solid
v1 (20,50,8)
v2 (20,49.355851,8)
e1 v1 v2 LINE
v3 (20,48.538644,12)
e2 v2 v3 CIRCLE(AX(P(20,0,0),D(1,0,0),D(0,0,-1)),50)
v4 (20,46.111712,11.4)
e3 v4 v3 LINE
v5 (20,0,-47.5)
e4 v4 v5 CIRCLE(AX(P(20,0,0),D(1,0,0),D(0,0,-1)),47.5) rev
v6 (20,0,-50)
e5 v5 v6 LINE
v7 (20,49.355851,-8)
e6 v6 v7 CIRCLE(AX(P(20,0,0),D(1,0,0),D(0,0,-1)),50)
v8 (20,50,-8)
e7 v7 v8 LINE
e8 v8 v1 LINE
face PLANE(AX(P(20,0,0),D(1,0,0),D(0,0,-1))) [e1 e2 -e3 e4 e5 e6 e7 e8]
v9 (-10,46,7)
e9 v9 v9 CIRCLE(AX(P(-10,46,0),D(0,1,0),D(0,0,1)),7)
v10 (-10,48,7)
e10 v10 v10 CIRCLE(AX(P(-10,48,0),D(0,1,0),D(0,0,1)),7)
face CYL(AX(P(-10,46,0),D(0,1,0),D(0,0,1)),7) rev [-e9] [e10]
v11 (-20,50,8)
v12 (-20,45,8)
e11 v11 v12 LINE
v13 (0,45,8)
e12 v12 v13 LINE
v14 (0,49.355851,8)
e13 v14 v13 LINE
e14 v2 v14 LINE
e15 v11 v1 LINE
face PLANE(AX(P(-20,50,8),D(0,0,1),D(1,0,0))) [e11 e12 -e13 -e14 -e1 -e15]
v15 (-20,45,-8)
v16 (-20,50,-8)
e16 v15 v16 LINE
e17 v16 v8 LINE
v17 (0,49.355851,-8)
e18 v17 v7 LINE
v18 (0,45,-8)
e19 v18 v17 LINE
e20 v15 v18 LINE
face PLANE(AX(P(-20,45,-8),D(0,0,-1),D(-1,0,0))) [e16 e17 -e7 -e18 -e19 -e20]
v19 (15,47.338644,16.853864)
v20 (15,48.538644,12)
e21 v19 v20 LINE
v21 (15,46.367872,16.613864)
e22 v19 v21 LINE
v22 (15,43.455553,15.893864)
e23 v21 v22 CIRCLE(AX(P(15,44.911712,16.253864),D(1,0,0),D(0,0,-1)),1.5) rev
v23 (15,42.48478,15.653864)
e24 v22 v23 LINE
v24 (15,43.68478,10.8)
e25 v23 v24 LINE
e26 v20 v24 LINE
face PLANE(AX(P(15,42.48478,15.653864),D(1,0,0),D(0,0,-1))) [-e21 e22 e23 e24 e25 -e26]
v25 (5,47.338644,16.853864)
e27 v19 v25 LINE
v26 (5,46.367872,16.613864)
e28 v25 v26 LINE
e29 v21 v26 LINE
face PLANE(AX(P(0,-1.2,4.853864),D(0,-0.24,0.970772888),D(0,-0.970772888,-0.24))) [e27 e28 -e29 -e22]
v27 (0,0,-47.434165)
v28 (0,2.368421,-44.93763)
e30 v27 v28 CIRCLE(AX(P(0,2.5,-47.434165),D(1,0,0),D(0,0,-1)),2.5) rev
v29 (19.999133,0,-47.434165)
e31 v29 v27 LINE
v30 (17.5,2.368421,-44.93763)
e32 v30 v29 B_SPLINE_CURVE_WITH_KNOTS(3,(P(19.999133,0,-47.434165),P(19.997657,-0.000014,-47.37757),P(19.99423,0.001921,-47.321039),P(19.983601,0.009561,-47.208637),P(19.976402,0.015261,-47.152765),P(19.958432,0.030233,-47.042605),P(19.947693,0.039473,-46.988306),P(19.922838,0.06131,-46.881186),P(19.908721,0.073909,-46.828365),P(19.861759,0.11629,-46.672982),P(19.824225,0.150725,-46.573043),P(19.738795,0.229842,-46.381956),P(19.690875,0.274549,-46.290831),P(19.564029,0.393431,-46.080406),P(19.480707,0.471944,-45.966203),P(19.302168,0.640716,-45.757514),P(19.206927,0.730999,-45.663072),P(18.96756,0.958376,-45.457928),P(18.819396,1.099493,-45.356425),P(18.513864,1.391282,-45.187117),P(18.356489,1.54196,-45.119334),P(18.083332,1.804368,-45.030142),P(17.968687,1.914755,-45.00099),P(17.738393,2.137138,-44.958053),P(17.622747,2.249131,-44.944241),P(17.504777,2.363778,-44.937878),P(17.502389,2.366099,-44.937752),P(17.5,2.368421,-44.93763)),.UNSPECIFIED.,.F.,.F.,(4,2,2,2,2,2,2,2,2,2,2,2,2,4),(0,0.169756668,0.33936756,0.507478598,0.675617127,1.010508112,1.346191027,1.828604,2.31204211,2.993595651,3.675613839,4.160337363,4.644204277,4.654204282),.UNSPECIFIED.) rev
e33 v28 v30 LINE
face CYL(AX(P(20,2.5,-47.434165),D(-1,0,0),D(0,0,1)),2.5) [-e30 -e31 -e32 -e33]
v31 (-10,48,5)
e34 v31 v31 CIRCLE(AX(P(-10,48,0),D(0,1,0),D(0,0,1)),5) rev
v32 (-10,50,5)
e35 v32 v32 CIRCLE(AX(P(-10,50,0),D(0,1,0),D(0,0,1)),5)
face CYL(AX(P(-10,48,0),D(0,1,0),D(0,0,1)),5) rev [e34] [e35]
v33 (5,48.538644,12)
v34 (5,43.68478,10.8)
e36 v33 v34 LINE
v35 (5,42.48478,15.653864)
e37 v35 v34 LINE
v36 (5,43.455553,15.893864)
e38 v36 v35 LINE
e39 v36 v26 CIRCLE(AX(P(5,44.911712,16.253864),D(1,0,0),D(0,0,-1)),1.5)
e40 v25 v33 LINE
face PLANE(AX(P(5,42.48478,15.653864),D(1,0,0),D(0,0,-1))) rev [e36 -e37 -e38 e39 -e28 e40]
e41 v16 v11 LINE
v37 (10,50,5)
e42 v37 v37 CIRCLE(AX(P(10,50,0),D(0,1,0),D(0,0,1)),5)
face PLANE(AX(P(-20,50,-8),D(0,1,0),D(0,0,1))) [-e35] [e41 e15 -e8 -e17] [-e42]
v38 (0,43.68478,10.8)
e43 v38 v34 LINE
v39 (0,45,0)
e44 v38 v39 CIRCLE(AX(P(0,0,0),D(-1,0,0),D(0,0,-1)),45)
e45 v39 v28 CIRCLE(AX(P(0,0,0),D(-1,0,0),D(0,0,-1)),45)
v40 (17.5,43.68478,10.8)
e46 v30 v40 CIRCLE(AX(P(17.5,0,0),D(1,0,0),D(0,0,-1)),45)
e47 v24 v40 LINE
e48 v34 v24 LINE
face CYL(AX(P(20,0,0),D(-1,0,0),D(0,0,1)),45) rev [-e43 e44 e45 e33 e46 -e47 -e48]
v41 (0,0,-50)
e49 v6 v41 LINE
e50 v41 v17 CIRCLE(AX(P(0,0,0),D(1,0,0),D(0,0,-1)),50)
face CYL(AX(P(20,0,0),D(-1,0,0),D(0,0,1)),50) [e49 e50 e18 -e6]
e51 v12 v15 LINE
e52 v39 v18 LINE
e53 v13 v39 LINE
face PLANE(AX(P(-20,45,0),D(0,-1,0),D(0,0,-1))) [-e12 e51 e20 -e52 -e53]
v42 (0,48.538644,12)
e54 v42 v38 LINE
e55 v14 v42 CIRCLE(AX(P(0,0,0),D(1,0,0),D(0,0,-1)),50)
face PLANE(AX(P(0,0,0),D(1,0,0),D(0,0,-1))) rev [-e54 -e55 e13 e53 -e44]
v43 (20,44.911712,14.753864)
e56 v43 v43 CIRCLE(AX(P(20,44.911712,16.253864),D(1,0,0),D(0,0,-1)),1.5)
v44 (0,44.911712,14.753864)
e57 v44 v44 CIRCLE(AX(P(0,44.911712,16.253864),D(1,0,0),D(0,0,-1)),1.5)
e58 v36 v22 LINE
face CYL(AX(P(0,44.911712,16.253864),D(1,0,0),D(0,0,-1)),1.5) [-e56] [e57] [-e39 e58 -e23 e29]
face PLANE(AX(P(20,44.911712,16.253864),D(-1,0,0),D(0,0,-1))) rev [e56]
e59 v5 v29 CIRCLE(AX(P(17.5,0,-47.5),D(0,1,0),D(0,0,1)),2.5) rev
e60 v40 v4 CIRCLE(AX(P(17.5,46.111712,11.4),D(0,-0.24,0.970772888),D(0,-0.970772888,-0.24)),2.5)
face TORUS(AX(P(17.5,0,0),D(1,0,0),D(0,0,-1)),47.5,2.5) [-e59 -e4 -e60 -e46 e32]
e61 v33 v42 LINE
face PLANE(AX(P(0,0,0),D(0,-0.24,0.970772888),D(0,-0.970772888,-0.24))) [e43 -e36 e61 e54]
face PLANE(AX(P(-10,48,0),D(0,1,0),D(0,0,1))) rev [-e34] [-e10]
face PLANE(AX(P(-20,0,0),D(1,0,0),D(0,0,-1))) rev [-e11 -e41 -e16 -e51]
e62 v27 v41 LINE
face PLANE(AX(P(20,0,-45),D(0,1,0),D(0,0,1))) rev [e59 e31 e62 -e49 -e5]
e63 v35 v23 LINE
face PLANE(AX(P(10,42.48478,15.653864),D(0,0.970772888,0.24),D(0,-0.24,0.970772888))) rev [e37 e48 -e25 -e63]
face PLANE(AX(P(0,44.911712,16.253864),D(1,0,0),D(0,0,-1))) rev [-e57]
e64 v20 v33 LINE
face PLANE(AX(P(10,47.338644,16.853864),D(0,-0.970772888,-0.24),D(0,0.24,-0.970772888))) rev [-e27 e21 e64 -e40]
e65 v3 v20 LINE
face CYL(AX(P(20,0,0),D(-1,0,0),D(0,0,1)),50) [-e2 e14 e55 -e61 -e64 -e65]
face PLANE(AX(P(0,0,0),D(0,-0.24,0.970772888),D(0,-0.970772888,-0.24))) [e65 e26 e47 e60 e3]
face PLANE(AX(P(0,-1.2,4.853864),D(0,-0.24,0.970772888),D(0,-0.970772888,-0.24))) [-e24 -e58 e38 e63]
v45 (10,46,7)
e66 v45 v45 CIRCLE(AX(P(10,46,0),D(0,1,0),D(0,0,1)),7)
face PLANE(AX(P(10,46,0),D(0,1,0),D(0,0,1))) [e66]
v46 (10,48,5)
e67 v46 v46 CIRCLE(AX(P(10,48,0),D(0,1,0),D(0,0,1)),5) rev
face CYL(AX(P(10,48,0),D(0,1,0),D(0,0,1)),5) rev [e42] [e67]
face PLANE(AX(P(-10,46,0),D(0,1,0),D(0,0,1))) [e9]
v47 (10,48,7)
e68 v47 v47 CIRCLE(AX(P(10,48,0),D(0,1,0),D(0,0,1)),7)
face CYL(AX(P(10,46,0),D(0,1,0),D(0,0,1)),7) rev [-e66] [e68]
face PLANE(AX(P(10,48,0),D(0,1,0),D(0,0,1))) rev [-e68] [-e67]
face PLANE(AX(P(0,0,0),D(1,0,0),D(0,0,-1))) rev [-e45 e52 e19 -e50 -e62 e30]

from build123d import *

# Parameters (mm, degrees)
BOSS_EXTRUDE1_DEPTH      = 20
BOSS_EXTRUDE2_DEPTH      = 20
BOSS_EXTRUDE2_DEPTH_BACK = 20
SKETCH4_R                = 5
CUT_EXTRUDE1_DEPTH       = 2
SKETCH5_R                = 7
CUT_EXTRUDE2_DEPTH       = 2
SKETCH16_W               = 20
SKETCH16_H               = 5
SKETCH17_W               = 5
SKETCH17_H               = 5
BOSS_EXTRUDE10_DEPTH     = 5
SKETCH18_R               = 1.5
BOSS_EXTRUDE11_DEPTH     = 10
SKETCH19_R               = 5
CUT_EXTRUDE3_DEPTH       = 2
SKETCH20_R               = 7
CUT_EXTRUDE4_DEPTH       = 2
FILLET2_R                = 2.5


with BuildPart() as part:
    # Sketch2 → Boss-Extrude1 (new body)
    with BuildSketch(Plane(origin=(0, 0, 0), x_dir=(0, 0, -1), z_dir=(1, 0, 0))):
        with BuildLine():
            Line((-50, 0), (-45, 0))
            ThreePointArc((-45, 0), (0, 45), (45, 0))
            Line((45, 0), (50, 0))
            ThreePointArc((50, 0), (0, 50), (-50, 0))
        make_face()
    extrude(amount=BOSS_EXTRUDE1_DEPTH)

    # Sketch3 → Boss-Extrude2 (add, two sides: drawn at the far end of the back side and taken through both)
    with BuildSketch(Plane(origin=(0, 0, 0), x_dir=(0, 0, -1), z_dir=(1, 0, 0)).offset(-BOSS_EXTRUDE2_DEPTH_BACK)):
        Polygon((0, 45), (8, 45), (8, 50), (-8, 50), (-8, 45), align=None)
    extrude(amount=BOSS_EXTRUDE2_DEPTH + BOSS_EXTRUDE2_DEPTH_BACK)

    # Sketch4 → Cut-Extrude1 (cut)
    with BuildSketch(Plane(origin=(0, 50, 0), x_dir=(1, 0, 0), z_dir=(0, 1, 0))):
        with Locations((10, 0)):
            Circle(SKETCH4_R)
    extrude(amount=-CUT_EXTRUDE1_DEPTH, mode=Mode.SUBTRACT)

    # Sketch5 → Cut-Extrude2 (cut)
    with BuildSketch(Plane(origin=(0, 48, 0), x_dir=(1, 0, 0), z_dir=(0, 1, 0))):
        with Locations((10, 0)):
            Circle(SKETCH5_R)
    extrude(amount=-CUT_EXTRUDE2_DEPTH, mode=Mode.SUBTRACT)

    # Cut-Sweep1: sweep along a path in Sketch15
    with BuildLine(Plane.ZY) as cut_sweep1_path:
        ThreePointArc((50, 0), (39.37003937, 30.822070015), (12, 48.538644398))
    # Sketch16 → Cut-Sweep1 (sweep, cut)
    with BuildSketch(Plane.XZ):
        with Locations((10, 47.5)):
            Rectangle(SKETCH16_W, SKETCH16_H)
    sweep(path=cut_sweep1_path.line, mode=Mode.SUBTRACT)

    # Sketch17 → Boss-Extrude10 (add)
    with BuildSketch(Plane(origin=(0, 0, 0), x_dir=(1, 0, 0), z_dir=(0, -0.24000000000000005, 0.9707728879609278))):
        with Locations((7.5, 47.5)):
            Rectangle(SKETCH17_W, SKETCH17_H)
    boss_extrude10 = extrude(amount=BOSS_EXTRUDE10_DEPTH)

    # Sketch18 → Boss-Extrude11 (add)
    with BuildSketch(Plane(origin=(10, 0, 0), x_dir=(0, 0, -1), z_dir=(1, 0, 0))):
        with Locations((-16.25386444, 44.911712178)):
            Circle(SKETCH18_R)
    boss_extrude11 = extrude(amount=-BOSS_EXTRUDE11_DEPTH)

    # Mirror1: Boss-Extrude10, Boss-Extrude11 across plane
    add(boss_extrude10.mirror(Plane(origin=(10, 42.484779958, 15.65386444), x_dir=(0, 0, 1), z_dir=(-1, 0, 0))))
    add(boss_extrude11.mirror(Plane(origin=(10, 42.484779958, 15.65386444), x_dir=(0, 0, 1), z_dir=(-1, 0, 0))))

    # Sketch19 → Cut-Extrude3 (cut)
    with BuildSketch(Plane(origin=(0, 50, 0), x_dir=(1, 0, 0), z_dir=(0, 1, 0))):
        with Locations((-10, 0)):
            Circle(SKETCH19_R)
    extrude(amount=-CUT_EXTRUDE3_DEPTH, mode=Mode.SUBTRACT)

    # Sketch20 → Cut-Extrude4 (cut)
    with BuildSketch(Plane(origin=(0, 48, 0), x_dir=(1, 0, 0), z_dir=(0, 1, 0))):
        with Locations((-10, 0)):
            Circle(SKETCH20_R)
    extrude(amount=-CUT_EXTRUDE4_DEPTH, mode=Mode.SUBTRACT)

    # Fillet2
    fillet2_edges = [part.edges().sort_by_distance(p)[0] for p in [
        (20, 35.433035433, -27.739863013),
        (10, 0, -45),
    ]]
    fillet(fillet2_edges, radius=FILLET2_R)


solid = part.part
